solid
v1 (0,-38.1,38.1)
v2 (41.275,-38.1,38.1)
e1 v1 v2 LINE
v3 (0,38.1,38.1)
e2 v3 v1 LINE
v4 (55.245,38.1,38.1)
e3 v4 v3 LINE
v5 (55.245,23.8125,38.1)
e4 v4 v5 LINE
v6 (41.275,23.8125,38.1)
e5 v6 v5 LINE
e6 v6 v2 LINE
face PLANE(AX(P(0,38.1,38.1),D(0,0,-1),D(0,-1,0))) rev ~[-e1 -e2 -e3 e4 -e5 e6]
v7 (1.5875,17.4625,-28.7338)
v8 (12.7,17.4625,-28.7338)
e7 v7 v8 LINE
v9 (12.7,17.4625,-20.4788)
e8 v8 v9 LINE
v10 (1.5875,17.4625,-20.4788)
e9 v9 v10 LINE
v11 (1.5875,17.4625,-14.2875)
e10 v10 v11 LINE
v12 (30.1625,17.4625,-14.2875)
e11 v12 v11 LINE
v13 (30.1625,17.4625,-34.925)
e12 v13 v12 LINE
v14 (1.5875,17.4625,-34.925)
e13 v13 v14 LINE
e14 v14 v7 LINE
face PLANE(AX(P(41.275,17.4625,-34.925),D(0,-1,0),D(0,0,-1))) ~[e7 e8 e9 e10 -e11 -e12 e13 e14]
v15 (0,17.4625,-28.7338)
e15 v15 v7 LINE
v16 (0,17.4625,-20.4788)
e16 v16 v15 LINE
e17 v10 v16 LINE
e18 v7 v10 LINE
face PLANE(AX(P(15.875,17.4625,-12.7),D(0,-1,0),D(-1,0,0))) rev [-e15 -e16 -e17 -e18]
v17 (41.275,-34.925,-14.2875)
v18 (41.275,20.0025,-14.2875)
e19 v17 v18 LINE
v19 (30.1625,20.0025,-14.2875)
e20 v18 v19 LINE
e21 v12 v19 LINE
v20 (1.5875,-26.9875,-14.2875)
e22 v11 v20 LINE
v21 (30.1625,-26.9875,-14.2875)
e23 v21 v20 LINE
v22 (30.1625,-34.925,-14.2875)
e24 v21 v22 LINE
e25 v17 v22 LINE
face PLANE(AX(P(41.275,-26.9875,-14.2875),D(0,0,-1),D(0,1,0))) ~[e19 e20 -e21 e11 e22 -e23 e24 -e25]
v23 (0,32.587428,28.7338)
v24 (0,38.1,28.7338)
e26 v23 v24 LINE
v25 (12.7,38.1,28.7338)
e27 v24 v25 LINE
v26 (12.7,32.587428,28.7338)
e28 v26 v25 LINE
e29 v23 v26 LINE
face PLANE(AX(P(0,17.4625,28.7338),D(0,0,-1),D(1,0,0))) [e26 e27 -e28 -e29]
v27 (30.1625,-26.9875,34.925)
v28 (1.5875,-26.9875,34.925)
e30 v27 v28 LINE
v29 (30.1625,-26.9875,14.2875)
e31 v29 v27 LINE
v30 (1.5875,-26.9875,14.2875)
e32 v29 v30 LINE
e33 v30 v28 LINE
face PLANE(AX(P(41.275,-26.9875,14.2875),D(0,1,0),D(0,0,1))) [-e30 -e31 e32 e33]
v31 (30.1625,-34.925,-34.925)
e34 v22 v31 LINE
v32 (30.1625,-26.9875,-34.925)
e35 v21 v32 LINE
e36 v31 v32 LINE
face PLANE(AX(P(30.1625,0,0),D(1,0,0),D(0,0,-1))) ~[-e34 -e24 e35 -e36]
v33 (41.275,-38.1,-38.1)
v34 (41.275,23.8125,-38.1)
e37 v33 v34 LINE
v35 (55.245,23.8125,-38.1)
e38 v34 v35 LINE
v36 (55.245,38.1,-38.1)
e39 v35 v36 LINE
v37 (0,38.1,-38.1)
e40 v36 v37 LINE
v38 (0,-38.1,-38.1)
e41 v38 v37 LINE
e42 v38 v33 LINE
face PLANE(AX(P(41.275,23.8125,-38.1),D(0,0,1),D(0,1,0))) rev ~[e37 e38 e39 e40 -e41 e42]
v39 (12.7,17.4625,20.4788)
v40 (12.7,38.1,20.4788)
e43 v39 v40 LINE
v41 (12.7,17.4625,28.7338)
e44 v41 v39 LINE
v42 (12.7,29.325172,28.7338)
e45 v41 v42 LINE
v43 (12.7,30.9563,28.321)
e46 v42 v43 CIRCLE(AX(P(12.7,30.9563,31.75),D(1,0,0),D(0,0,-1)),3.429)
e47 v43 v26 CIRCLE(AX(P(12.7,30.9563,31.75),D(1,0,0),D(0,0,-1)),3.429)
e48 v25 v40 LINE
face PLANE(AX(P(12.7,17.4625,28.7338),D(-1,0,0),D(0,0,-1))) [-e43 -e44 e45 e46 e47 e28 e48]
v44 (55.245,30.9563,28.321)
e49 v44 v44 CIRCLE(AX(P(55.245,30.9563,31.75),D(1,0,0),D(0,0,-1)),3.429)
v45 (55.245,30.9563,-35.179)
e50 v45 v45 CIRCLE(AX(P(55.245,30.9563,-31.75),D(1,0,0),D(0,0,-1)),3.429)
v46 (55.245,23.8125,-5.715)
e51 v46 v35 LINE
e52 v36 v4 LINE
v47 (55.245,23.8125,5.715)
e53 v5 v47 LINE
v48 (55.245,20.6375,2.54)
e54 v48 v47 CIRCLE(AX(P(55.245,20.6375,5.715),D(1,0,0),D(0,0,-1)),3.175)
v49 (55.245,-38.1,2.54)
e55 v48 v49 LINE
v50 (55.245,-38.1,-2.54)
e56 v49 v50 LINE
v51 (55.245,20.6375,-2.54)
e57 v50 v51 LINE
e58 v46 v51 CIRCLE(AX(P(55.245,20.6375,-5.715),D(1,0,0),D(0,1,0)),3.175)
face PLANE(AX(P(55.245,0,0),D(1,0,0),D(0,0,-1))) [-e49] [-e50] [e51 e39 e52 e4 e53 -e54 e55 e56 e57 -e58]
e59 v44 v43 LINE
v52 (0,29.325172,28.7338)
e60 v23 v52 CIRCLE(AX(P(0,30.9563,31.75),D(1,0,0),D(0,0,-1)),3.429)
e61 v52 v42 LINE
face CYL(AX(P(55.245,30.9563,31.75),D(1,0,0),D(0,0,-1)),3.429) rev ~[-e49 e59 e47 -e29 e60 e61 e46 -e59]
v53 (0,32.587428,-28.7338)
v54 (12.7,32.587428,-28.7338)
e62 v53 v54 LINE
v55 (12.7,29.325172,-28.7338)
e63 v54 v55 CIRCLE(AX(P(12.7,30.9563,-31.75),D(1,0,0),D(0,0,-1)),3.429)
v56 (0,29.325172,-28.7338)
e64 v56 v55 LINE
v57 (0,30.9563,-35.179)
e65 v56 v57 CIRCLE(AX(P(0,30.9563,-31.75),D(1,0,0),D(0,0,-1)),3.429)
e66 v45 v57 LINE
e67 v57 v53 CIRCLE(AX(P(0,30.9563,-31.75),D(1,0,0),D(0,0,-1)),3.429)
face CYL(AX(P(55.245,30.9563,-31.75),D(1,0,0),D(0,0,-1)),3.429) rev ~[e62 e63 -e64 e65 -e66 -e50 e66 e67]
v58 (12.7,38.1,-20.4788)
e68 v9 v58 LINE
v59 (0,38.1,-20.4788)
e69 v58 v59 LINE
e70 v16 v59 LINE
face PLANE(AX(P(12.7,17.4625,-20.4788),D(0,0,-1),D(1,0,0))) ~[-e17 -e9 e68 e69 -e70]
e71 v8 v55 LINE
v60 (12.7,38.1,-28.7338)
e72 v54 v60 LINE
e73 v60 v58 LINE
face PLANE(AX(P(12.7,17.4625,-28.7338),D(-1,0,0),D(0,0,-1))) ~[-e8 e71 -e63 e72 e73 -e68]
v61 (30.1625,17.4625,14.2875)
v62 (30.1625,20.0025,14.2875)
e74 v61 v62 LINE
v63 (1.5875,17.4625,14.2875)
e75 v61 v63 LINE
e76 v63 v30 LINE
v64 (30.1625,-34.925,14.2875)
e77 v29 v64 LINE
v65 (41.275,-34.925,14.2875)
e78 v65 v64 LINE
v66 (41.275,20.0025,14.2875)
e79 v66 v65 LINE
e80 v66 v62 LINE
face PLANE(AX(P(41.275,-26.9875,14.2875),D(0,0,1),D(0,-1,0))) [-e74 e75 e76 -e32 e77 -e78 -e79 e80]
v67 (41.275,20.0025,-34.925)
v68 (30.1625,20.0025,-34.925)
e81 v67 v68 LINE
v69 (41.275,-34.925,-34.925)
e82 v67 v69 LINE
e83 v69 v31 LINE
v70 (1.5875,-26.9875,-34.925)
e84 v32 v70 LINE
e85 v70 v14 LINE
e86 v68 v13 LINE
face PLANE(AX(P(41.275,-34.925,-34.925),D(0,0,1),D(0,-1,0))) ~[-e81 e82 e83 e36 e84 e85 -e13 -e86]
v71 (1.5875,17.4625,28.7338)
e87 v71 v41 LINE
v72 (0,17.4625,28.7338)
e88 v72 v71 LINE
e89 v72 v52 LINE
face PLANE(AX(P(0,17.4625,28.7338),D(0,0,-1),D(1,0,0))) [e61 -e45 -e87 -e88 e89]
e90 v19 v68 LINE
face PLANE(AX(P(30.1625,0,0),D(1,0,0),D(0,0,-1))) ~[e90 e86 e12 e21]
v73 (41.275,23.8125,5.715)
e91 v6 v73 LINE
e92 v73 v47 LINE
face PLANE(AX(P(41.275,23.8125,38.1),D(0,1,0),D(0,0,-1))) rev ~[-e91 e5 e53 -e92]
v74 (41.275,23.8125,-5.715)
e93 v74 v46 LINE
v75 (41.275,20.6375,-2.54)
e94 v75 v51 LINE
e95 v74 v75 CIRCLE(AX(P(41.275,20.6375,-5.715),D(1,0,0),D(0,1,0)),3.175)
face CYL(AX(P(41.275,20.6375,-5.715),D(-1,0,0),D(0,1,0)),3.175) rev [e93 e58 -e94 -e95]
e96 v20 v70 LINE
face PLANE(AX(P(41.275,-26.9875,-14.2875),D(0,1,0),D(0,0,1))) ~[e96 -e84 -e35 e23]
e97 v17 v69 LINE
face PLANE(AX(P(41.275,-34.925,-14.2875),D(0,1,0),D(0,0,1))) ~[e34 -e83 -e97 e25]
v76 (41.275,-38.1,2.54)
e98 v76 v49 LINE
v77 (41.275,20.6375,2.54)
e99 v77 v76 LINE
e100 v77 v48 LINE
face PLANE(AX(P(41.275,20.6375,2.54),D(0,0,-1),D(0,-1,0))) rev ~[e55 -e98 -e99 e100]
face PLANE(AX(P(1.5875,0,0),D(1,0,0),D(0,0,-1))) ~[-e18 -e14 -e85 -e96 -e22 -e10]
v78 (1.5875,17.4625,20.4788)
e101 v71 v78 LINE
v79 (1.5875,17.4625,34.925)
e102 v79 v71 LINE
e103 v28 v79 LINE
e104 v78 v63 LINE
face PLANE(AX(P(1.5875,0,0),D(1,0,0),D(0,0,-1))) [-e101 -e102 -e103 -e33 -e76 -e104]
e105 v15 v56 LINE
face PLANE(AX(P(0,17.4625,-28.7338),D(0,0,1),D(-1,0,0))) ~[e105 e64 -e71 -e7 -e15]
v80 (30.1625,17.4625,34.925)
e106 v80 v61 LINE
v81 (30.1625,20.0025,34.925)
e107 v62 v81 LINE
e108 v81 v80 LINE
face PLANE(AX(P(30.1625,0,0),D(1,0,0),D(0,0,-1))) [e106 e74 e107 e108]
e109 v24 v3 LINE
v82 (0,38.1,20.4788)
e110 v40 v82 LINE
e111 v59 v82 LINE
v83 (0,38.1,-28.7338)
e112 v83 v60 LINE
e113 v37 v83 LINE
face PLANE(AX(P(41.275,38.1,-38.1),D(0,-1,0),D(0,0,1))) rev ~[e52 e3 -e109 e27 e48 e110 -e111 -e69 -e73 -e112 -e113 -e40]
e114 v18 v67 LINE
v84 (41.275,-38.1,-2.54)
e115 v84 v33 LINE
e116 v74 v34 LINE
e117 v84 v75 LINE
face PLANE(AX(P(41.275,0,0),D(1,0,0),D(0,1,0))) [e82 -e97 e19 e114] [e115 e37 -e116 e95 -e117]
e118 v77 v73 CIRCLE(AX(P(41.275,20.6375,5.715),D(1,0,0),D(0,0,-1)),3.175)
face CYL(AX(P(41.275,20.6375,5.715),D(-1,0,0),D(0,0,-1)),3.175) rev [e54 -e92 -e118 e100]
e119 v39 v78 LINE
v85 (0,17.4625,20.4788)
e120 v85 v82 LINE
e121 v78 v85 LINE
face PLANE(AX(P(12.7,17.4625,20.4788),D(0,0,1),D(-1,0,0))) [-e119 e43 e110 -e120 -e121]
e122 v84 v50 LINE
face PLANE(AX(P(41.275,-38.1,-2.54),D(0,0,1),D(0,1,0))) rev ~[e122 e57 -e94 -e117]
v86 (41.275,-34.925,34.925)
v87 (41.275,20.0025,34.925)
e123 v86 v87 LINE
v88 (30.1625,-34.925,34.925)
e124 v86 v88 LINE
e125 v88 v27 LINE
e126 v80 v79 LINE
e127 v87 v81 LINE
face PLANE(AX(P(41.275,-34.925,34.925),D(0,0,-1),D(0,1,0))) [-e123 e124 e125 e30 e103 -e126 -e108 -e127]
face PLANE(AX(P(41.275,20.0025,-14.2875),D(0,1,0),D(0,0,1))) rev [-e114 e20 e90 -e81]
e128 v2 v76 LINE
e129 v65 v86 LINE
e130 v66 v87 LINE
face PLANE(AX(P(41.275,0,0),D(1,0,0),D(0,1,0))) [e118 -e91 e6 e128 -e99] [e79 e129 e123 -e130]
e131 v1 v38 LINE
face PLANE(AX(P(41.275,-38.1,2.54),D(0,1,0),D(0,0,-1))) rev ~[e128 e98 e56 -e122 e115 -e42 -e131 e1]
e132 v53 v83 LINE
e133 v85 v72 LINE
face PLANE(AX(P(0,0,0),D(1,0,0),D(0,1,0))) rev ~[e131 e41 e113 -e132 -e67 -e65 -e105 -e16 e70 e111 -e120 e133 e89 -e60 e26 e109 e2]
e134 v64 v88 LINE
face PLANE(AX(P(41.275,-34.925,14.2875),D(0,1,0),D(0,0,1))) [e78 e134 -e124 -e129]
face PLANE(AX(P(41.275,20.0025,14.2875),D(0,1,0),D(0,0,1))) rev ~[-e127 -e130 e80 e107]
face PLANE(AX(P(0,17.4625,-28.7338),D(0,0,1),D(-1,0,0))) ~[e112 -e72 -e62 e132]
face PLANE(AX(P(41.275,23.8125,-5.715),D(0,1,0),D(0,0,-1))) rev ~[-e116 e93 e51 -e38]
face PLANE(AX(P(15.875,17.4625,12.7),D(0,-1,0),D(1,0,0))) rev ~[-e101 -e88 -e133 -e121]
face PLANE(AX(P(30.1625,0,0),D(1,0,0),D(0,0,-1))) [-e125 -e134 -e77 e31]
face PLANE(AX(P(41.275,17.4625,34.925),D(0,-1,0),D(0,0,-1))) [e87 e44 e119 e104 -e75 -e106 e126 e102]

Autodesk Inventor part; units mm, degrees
ref_plane "YZ Plane" through (0, 0, 0) normal (1, 0, 0) x (0, 1, 0)
ref_plane "XZ Plane" through (0, 0, 0) normal (0, 1, 0) x (-1, 0, 0)
ref_plane "XY Plane" through (0, 0, 0) normal (0, 0, 1) x (1, 0, 0)
sketch "Sketch1" plane through (0, 0, 0) normal (1, 0, 0) x (0, 1, 0)
  line L0 (38.1, 38.1) -> (-38.1, 38.1)
  line L1 (-38.1, 38.1) -> (-38.1, -38.1)
  line L2 (-38.1, -38.1) -> (38.1, -38.1)
  line L3 (38.1, -38.1) -> (38.1, 38.1)
  point P0 (0, 0)
  dimension "d0" = 76.2
  dimension "d1" = 76.2
  dimension "d2" = 38.1
  dimension "d3" = 38.1
extrude "Extrusion1" add sketch "Sketch1" along normal blind 41.275
sketch "Sketch2" plane through (41.275, 0, 0) normal (1, 0, 0) x (0, 0, -1)
  line L0 (-38.1, -38.1) -> (38.1, -38.1) projected
  line L1 (38.1, -38.1) -> (38.1, 38.1) projected
  line L2 (38.1, 38.1) -> (-38.1, 38.1) projected
  line L3 (-38.1, 38.1) -> (-38.1, -38.1) projected
  line L4 (-34.925, 17.4625) -> (-14.2875, 17.4625)
  line L5 (-14.2875, 17.4625) -> (-14.2875, -26.9875)
  line L6 (-14.2875, -26.9875) -> (-34.925, -26.9875)
  line L7 (-34.925, -26.9875) -> (-34.925, 17.4625)
  dimension "d64" = 20.6375
  dimension "d65" = 44.45
  dimension "d66" = 3.175
  dimension "d67" = 11.1125
extrude "Extrusion2" cut sketch "Sketch2" against normal blind 39.6875 contours L4 L5 L6 L7
sketch "Sketch3" plane through (41.275, 0, 0) normal (1, 0, 0) x (0, 0, -1)
  line L0 (-14.2875, 17.4625) -> (-14.2875, -26.9875) projected
  line L1 (-14.2875, -26.9875) -> (-34.925, -26.9875) projected
  line L2 (-34.925, -26.9875) -> (-34.925, 17.4625) projected
  line L3 (-34.925, 17.4625) -> (-14.2875, 17.4625) projected
  line L4 (-38.1, -38.1) -> (38.1, -38.1) projected
  line L5 (38.1, -38.1) -> (38.1, 38.1) projected
  line L6 (38.1, 38.1) -> (-38.1, 38.1) projected
  line L7 (-38.1, 38.1) -> (-38.1, -38.1) projected
  line L8 (-14.2875, -26.9875) -> (-34.925, -26.9875) projected
  line L9 (-34.925, -26.9875) -> (-14.2875, -26.9875)
  line L10 (-14.2875, -26.9875) -> (-14.2875, -34.925)
  line L11 (-14.2875, -34.925) -> (-34.925, -34.925)
  line L12 (-34.925, -34.925) -> (-34.925, -26.9875)
  line L13 (-34.925, 17.4625) -> (-14.2875, 17.4625)
  line L14 (-14.2875, 17.4625) -> (-14.2875, 20.0025)
  line L15 (-14.2875, 20.0025) -> (-34.925, 20.0025)
  line L16 (-34.925, 20.0025) -> (-34.925, 17.4625)
  dimension "d68" = 7.9375
  dimension "d69" = 20.6375
  dimension "d70" = 20.6375
  dimension "d71" = 20.6375
  dimension "d72" = 2.54
extrude "Extrusion3" cut sketch "Sketch3" against normal blind 11.1125 contours L3 L16 L15 L14 | L10 L11 L12 L1
sketch "Sketch4" plane through (15.875, 17.4625, 12.7) normal (0, -1, 0) x (1, 0, 0)
  line L0 (-15.875, -50.8) -> (-15.875, 25.4) projected
  line L1 (-15.875, 25.4) -> (25.4, 25.4) projected
  line L2 (25.4, -50.8) -> (25.4, 25.4) projected
  line L3 (-15.875, -50.8) -> (25.4, -50.8) projected
  line L4 (25.4, 22.225) -> (25.4, 1.5875) projected
  line L5 (25.4, 22.225) -> (14.2875, 22.225) projected
  line L6 (14.2875, 22.225) -> (14.2875, 1.5875) projected
  line L7 (25.4, 1.5875) -> (14.2875, 1.5875) projected
  line L8 (-15.875, 16.0338) -> (-3.175, 16.0338)
  line L9 (-3.175, 16.0338) -> (-3.175, 7.7788)
  line L10 (-3.175, 7.7788) -> (-15.875, 7.7788)
  line L11 (-15.875, 7.7788) -> (-15.875, 16.0338)
  point P0 (-3.175, 11.9063)
  dimension "d73" = 8.255
  dimension "d74" = 12.7
  dimension "d75" = 20.6375
  dimension "d76" = 10.3187
extrude "Extrusion4" cut sketch "Sketch4" against normal blind 38.1 contours L0 L8 L9 L10
mirror "Mirror1" about plane through (0, 0, 0) normal (0, 0, 1) of "Extrusion4", "Extrusion3", "Extrusion2"
sketch "Sketch5" plane through (41.275, 0, 0) normal (1, 0, 0) x (0, 0, -1)
  line L0 (-38.1, -38.1) -> (38.1, -38.1) projected
  line L1 (38.1, -38.1) -> (38.1, 38.1) projected
  line L2 (38.1, 38.1) -> (-38.1, 38.1) projected
  line L3 (-38.1, 38.1) -> (-38.1, -38.1) projected
  line L4 (-38.1, -38.1) -> (38.1, -38.1) projected
  line L5 (-2.54, -38.1) -> (2.54, -38.1)
  line L6 (2.54, -38.1) -> (2.54, 20.6375)
  line L7 (2.54, 23.8125) -> (-2.54, 23.8125)
  line L8 (-2.54, 20.6375) -> (-2.54, -38.1)
  line L9 (-38.1, 38.1) -> (-38.1, -38.1) projected
  line L10 (38.1, 38.1) -> (-38.1, 38.1)
  line L11 (-38.1, 38.1) -> (-38.1, 23.8125)
  line L12 (-38.1, 23.8125) -> (-5.715, 23.8125)
  line L13 (38.1, 23.8125) -> (38.1, 38.1)
  line L14 (5.715, 23.8125) -> (38.1, 23.8125)
  line L15 (2.54, 23.8125) -> (2.54, 23.8125)
  arc A0 (-2.54, 20.6375) -> (-5.715, 23.8125) centre (-5.715, 20.6375) ccw
  arc A1 (5.715, 23.8125) -> (2.54, 20.6375) centre (5.715, 20.6375) ccw
  line L16 (-14.2875, 20.0025) -> (-14.2875, -34.925) projected
  line L17 (-34.925, -34.925) -> (-34.925, 20.0025) projected
  line L18 (-14.2875, -34.925) -> (-34.925, -34.925) projected
  line L19 (-34.925, 20.0025) -> (-14.2875, 20.0025) projected
  point P0 (0, 0)
  point P1 (38.1, 23.8125)
  point P2 (-2.54, -38.1)
  dimension "d36" = 5.08
  dimension "d39" = 2.54
  dimension "d40" = 3.175
  dimension "d44" = 61.9125
extrude "Extrusion5" add sketch "Sketch5" along normal blind 13.97 contours L8 A0 L12 L3 L2 L1 L14 A1 L6 L0
sketch "Sketch6" plane through (0, -38.1, 38.1) normal (0, 0, 1) x (1, 0, 0)
  line L0 (-11.1125, 84.1375) -> (53.975, 84.1375)
  line L1 (53.975, 84.1375) -> (53.975, -9.525)
  line L2 (53.975, -9.525) -> (-11.1125, -9.525)
  line L3 (-11.1125, -9.525) -> (-11.1125, 84.1375)
  point P0 (0, 38.1)
extrude "Extrusion6" [suppressed]
sketch "Sketch7" plane through (3.175, 22.225, -11.2395) normal (0, 0, -1) x (-1, 0, 0)
  line L0 (3.175, 15.875) -> (3.175, -60.325) projected
  line L1 (-28.575, 0) -> (-12.7, 0) projected
  line L2 (3.175, 15.875) -> (3.175, -60.325) projected
  line L3 (3.175, -60.325) -> (-38.1, -60.325) projected
  line L4 (-38.1, 1.5875) -> (-38.1, -60.325) projected
  line L5 (-38.1, 1.5875) -> (-52.07, 1.5875) projected
  line L6 (-52.07, 15.875) -> (-52.07, 1.5875) projected
  line L7 (3.175, 15.875) -> (-52.07, 15.875) projected
  line L8 (3.175, 15.875) -> (-6.35, 15.875)
  line L9 (-6.35, 15.875) -> (-6.35, 0)
  line L10 (-6.35, 0) -> (3.175, 0)
  line L11 (3.175, 0) -> (3.175, 15.875)
  line L12 (-6.35, -1.5875) -> (-6.35, 15.875) projected
  line L13 (-6.35, 0) -> (3.175, 12.7)
  point P0 (3.175, -22.225)
  point P1 (3.175, 15.875)
  point P2 (-6.35, 15.875)
  dimension "d49" = 9.525
  dimension "d50" = 3.175
extrude "Extrusion7" [suppressed]
mirror "Mirror2" [suppressed]
sketch "Sketch8" plane through (0, 38.1, 38.1) normal (0, 1, 0) x (1, 0, 0)
  line L0 (9.525, 46.1645) -> (0, 46.1645) projected
  line L1 (0, 36.6395) -> (9.525, 36.6395) projected
  line L2 (15.875, 47.625) -> (15.875, 60.579) projected
  arc A0 (0, 36.6395) -> (0, 46.1645) centre (-0.8069, 41.402) ccw
  line L3 (0, 46.1645) -> (0, 36.6395)
  point P0 (0, 38.1)
  point P1 (3.175, 49.3395)
  point P2 (3.175, 58.8645)
  dimension "d53" = 4.8304
extrude "Extrusion8" [suppressed]
mirror "Mirror3" [suppressed]
sketch "Sketch11" plane through (55.245, 0, 0) normal (1, 0, 0) x (0, 0, -1)
  circle A0 centre (-31.75, 30.9563) radius 3.429
  circle A1 centre (31.75, 30.9563) radius 3.429
  line L0 (5.715, 23.8125) -> (38.1, 23.8125) projected
  line L1 (38.1, 23.8125) -> (38.1, 38.1) projected
  line L2 (38.1, 38.1) -> (-38.1, 38.1) projected
  line L3 (-38.1, 38.1) -> (-38.1, 23.8125) projected
  line L4 (-38.1, 23.8125) -> (-5.715, 23.8125) projected
  arc A2 (-2.54, 20.6375) -> (-5.715, 23.8125) centre (-5.715, 20.6375) ccw projected
  line L5 (-2.54, 20.6375) -> (-2.54, -38.1) projected
  line L6 (-2.54, -38.1) -> (2.54, -38.1) projected
  line L7 (2.54, -38.1) -> (2.54, 20.6375) projected
  arc A3 (5.715, 23.8125) -> (2.54, 20.6375) centre (5.715, 20.6375) ccw projected
  point P0 (0, 0)
  point P1 (0, 38.1)
  dimension "d77" = 63.5
  dimension "d78" = 76.2
  dimension "d79" = 31.75
  dimension "d80" = 14.2875
  dimension "d81" = 7.1437
  dimension "d82" = 7.1437
  dimension "d83" = 6.858
  dimension "d84" = 6.858
extrude "Extrusion10" cut sketch "Sketch11" against normal through all contours A0 | A1
equation "\"d2\" = 0.5 * d0"
equation "\"d3\" = 0.5 * d1"
equation "\"d70\" = d69"
equation "\"d71\" = d69"
equation "\"d76\" = 0.5 * d75"
equation "\"d39\" = 0.5 * d36"
equation "\"d44\" = d43"
equation "\"d79\" = 0.5 * d77"
equation "\"d81\" = 0.5 * d80"
equation "\"d82\" = d81"
equation "\"d43\" = 61.9125"
properties part number "Part_2_servobox"
